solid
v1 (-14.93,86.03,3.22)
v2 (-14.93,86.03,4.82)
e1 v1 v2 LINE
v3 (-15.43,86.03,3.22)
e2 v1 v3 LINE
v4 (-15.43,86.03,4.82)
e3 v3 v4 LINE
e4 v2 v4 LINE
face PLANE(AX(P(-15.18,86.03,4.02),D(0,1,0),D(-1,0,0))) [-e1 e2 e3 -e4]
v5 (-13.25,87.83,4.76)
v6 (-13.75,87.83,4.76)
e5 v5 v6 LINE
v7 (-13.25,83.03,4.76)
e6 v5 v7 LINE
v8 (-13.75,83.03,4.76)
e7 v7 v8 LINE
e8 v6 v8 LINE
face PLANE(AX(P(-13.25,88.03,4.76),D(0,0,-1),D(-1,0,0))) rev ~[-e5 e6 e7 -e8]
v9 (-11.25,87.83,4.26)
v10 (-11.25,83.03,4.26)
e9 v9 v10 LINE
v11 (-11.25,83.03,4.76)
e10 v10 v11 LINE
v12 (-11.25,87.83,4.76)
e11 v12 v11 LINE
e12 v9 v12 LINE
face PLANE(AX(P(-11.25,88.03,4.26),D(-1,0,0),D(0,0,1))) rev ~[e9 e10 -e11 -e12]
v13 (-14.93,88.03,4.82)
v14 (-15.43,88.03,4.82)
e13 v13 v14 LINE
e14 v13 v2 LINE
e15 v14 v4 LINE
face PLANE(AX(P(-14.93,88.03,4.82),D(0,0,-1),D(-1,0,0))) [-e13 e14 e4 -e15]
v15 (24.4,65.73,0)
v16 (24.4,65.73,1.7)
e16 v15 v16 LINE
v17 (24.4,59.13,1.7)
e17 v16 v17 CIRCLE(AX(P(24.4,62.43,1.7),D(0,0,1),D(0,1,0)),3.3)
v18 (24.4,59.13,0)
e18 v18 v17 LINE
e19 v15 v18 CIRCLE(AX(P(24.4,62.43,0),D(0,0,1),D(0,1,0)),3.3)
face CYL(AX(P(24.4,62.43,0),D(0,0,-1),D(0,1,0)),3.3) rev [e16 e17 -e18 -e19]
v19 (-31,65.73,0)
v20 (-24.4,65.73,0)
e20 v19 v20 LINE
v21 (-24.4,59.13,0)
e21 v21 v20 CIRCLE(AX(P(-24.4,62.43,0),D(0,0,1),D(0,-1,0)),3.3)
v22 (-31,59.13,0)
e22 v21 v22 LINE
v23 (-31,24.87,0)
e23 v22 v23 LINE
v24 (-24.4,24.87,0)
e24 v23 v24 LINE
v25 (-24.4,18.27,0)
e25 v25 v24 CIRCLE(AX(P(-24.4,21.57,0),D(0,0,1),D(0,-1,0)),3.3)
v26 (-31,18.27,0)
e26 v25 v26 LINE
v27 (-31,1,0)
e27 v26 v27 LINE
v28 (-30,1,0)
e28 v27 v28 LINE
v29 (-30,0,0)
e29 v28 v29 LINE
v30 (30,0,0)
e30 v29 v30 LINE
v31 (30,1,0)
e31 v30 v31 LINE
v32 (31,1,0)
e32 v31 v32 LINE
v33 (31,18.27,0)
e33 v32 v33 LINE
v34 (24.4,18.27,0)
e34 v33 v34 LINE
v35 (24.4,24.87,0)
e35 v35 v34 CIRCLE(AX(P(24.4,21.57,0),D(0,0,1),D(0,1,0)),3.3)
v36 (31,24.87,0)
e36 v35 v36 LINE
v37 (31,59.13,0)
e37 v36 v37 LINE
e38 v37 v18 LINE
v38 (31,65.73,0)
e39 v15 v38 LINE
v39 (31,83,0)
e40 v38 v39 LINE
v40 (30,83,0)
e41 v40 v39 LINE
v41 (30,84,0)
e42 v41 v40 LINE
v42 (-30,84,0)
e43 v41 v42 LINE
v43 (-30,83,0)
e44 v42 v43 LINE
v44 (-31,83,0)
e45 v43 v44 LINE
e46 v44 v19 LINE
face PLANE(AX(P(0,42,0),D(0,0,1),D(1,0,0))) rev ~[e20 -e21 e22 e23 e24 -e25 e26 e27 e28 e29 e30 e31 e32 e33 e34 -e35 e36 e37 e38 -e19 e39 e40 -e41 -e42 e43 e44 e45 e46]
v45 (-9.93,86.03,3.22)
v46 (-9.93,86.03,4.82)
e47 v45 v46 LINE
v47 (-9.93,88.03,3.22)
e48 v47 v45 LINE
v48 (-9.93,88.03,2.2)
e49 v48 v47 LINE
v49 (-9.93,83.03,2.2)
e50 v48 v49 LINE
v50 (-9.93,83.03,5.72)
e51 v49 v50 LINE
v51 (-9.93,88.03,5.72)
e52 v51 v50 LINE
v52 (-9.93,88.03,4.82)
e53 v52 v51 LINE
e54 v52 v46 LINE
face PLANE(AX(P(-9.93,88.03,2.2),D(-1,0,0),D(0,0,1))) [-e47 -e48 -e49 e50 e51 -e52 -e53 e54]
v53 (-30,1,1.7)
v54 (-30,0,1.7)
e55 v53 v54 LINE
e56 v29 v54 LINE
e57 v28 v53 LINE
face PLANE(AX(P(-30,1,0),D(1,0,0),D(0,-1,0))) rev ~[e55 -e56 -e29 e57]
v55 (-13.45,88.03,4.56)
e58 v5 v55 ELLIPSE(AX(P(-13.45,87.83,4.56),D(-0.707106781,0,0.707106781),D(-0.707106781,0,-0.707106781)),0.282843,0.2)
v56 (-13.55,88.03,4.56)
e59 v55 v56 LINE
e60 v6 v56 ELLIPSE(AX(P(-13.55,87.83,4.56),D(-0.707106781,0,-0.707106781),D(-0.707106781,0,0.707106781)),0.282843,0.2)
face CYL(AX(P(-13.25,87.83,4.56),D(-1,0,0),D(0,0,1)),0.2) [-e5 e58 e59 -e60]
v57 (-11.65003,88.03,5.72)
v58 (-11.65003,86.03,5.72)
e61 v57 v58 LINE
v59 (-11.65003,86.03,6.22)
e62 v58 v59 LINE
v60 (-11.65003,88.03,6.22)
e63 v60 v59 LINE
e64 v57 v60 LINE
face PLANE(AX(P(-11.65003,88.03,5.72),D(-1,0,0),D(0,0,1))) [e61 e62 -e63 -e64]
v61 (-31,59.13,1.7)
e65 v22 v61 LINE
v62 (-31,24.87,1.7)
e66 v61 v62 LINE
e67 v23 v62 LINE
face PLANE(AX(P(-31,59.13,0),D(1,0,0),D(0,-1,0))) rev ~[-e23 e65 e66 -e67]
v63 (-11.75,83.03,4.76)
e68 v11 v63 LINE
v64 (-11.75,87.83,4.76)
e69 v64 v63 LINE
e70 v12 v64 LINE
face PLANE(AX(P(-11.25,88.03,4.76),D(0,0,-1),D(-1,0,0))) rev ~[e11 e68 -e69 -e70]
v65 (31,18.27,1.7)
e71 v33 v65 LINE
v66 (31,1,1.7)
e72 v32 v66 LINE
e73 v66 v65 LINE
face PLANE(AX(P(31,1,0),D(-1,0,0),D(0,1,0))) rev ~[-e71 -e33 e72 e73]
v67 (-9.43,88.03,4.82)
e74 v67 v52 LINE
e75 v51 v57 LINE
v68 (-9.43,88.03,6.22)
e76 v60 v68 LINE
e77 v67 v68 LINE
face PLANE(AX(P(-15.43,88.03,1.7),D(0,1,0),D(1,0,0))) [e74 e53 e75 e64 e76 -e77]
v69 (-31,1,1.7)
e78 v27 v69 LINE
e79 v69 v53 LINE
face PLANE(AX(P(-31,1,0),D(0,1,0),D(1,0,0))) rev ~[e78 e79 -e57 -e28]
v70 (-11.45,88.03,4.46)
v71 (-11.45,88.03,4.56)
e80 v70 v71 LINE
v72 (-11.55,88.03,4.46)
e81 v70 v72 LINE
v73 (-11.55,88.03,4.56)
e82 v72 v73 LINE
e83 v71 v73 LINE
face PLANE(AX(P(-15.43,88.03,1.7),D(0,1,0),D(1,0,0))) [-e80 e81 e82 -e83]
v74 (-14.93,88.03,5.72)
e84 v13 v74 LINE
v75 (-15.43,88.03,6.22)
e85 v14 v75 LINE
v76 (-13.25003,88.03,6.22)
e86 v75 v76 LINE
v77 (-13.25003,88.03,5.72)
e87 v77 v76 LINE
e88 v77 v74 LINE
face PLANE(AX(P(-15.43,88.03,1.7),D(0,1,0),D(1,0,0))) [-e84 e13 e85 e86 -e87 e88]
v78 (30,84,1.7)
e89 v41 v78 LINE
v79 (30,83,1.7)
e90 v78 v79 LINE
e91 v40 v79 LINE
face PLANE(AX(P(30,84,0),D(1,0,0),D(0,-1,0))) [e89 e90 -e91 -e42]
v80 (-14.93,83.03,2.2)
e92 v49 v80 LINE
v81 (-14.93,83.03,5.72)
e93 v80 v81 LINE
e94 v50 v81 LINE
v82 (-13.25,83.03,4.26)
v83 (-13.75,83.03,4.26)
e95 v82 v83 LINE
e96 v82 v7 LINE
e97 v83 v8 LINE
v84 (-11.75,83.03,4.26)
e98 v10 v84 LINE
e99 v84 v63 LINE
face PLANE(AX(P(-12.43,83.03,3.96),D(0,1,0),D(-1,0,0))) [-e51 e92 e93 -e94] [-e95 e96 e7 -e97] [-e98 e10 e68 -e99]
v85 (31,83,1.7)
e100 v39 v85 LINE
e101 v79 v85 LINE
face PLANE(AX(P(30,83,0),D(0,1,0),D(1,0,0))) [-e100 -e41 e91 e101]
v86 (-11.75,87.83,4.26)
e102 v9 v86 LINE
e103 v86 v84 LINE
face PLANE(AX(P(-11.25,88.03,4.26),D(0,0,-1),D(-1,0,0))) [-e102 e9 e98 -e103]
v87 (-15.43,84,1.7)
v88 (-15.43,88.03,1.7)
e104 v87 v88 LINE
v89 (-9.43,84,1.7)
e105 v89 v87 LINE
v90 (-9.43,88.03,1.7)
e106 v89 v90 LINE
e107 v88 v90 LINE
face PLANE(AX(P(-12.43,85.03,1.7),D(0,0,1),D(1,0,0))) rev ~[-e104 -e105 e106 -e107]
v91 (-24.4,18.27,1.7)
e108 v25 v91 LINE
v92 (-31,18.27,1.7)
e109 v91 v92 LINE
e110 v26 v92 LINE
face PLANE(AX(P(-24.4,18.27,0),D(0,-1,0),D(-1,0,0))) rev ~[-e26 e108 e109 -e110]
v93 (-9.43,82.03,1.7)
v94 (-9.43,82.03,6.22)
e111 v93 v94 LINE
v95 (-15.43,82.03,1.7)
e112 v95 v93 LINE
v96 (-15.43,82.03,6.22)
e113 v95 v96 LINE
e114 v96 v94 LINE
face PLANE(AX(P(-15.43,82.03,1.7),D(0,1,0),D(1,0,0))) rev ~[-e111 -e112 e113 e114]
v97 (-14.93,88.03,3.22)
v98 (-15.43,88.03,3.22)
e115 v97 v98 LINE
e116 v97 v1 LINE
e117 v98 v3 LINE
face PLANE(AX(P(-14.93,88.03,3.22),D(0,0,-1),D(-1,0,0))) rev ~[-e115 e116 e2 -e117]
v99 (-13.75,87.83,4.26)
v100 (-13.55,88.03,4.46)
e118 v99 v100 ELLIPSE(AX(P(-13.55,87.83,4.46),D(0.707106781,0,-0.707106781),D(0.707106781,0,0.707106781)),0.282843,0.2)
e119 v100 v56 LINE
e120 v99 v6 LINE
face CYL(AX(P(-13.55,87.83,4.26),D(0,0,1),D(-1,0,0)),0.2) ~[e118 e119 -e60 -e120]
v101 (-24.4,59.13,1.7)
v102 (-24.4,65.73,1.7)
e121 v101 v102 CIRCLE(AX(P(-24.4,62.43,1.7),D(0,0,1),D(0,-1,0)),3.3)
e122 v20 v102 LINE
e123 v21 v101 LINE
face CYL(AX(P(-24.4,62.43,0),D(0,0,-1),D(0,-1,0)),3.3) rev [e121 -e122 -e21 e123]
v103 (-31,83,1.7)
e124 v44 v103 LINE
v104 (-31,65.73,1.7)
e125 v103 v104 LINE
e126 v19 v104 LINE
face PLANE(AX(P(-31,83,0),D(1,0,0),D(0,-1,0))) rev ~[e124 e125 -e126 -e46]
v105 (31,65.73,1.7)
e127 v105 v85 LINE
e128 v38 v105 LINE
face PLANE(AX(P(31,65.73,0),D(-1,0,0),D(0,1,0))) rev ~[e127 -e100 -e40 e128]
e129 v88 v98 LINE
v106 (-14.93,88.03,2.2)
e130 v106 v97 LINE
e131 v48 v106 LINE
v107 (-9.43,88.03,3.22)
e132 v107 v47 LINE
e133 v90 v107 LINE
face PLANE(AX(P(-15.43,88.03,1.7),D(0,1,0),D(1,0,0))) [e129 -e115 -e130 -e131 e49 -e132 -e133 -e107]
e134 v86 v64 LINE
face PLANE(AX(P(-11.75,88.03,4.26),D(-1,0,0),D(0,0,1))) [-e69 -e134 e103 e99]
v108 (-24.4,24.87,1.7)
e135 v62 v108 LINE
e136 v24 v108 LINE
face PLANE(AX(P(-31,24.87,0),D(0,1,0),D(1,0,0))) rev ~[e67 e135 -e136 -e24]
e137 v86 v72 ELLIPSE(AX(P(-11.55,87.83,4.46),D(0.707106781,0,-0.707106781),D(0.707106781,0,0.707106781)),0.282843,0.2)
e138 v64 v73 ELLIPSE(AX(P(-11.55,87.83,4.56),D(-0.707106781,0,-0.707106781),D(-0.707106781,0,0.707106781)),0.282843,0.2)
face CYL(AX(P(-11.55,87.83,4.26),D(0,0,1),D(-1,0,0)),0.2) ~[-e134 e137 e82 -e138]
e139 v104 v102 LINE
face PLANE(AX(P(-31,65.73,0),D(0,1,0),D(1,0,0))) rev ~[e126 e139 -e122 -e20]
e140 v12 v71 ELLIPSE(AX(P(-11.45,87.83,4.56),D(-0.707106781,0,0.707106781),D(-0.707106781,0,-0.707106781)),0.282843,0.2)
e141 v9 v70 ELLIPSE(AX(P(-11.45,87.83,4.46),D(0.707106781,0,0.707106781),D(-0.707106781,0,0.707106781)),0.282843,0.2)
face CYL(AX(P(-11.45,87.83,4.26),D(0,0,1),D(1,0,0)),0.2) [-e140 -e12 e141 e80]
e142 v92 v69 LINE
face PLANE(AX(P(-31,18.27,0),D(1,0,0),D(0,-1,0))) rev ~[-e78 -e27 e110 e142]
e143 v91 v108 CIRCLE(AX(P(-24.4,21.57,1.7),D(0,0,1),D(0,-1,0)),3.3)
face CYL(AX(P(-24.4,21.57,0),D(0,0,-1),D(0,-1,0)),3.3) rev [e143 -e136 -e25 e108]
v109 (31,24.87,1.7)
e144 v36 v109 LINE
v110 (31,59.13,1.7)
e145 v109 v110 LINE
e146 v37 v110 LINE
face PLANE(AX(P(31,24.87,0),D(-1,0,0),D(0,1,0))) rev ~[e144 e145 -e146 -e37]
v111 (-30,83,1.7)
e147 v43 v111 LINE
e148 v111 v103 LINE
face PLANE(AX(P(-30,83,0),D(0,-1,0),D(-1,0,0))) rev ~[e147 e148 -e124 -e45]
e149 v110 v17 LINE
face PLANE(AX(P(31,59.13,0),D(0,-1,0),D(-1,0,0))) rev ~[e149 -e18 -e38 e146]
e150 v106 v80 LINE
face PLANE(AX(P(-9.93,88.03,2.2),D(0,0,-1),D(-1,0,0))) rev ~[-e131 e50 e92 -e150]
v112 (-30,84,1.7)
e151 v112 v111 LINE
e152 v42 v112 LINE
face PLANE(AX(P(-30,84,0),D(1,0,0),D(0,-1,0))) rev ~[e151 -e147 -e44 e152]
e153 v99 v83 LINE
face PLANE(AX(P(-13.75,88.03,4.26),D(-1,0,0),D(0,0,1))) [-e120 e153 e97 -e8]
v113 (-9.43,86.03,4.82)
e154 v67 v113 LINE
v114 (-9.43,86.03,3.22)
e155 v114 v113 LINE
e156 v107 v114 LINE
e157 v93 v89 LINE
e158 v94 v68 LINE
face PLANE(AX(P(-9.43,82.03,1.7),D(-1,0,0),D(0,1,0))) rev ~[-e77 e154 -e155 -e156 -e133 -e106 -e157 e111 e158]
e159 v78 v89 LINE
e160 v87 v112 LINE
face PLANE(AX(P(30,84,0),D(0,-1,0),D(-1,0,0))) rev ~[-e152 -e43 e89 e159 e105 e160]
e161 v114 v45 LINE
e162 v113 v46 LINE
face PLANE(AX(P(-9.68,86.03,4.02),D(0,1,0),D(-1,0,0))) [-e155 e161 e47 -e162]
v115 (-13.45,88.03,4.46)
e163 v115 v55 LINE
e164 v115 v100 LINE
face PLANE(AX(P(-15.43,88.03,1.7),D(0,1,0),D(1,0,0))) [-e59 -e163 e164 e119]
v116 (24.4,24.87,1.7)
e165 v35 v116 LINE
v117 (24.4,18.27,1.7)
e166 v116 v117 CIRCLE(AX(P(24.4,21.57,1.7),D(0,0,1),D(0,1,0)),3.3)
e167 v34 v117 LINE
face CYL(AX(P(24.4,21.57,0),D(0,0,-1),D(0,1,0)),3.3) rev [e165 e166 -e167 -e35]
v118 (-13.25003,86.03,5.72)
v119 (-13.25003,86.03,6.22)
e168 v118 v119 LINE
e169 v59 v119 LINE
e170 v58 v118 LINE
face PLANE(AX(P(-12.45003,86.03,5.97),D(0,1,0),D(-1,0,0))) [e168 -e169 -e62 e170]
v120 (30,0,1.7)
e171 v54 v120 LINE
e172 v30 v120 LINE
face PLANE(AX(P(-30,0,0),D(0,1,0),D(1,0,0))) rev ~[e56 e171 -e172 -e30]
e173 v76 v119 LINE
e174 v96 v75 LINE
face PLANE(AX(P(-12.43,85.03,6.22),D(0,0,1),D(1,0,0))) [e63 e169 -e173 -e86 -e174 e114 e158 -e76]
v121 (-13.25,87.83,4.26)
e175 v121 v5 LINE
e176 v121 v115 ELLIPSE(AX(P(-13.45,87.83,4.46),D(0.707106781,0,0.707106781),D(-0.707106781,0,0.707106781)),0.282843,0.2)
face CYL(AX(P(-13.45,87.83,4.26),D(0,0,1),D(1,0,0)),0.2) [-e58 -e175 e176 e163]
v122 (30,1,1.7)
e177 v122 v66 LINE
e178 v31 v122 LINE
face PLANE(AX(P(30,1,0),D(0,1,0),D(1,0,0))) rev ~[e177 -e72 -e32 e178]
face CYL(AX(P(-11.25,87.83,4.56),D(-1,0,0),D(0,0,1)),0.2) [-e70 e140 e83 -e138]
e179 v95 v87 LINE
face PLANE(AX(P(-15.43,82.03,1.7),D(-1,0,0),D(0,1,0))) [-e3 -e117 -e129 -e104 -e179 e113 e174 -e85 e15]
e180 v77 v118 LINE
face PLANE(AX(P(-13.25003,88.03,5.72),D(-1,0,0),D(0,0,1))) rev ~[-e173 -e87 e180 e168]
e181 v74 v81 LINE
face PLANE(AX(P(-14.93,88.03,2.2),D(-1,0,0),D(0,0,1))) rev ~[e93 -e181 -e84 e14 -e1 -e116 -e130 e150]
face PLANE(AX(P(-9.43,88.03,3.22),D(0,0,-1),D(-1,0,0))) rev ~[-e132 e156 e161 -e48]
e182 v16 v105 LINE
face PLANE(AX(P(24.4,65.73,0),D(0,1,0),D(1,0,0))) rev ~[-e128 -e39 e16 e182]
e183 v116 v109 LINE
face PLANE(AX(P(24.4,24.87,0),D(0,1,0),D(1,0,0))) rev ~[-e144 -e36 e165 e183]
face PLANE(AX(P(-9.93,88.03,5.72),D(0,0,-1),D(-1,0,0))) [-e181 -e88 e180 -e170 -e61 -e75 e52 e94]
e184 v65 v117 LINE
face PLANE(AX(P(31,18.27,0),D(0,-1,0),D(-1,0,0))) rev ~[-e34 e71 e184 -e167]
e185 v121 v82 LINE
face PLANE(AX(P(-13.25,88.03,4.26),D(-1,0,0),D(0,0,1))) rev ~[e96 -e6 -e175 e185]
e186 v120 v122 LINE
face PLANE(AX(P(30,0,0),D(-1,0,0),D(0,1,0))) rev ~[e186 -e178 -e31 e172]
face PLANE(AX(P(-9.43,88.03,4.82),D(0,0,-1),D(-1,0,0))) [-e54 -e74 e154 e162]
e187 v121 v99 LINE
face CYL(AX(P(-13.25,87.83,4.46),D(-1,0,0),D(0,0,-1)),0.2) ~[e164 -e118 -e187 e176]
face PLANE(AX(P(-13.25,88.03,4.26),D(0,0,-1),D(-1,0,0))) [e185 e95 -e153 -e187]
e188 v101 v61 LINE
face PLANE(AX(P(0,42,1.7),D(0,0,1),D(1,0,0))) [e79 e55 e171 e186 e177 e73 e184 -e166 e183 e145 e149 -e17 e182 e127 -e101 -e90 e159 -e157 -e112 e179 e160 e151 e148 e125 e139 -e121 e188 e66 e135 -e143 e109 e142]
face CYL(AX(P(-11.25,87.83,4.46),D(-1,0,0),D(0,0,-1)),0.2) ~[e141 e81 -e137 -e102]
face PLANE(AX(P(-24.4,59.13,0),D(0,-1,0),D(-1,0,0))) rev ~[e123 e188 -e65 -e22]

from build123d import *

# Parameters (mm, degrees)
PAD_DEPTH       = 1.7
SKETCH002_W     = 6
SKETCH002_H     = 6
PAD009_DEPTH    = 4.52
SKETCH022_W     = 5
SKETCH022_H     = 3.52
SKETCH022_W_2   = 0.5
SKETCH022_H_2   = 0.5
POCKET011_DEPTH = 5
SKETCH023_W     = 0.5
SKETCH023_H     = 1.6
SKETCH023_W_2   = 1.6
SKETCH023_H_2   = 0.5
POCKET012_DEPTH = 2
FILLET015_R     = 0.2


with BuildPart() as part:
    # Sketch → Pad (new body)
    with BuildSketch(Plane.XY):
        with BuildLine():
            Line((0, 0), (30, 0))
            Line((30, 0), (30, 1))
            Line((30, 1), (31, 1))
            Line((31, 1), (31, 18.27))
            Line((31, 18.27), (24.4, 18.27))
            ThreePointArc((24.4, 24.87), (21.1, 21.57), (24.4, 18.27))
            Line((24.4, 24.87), (31, 24.87))
            Line((31, 24.87), (31, 59.13))
            Line((31, 59.13), (24.4, 59.13))
            ThreePointArc((24.4, 65.73), (21.1, 62.43), (24.4, 59.13))
            Line((24.4, 65.73), (31, 65.73))
            Line((31, 65.73), (31, 83))
            Line((30, 83), (31, 83))
            Line((30, 84), (30, 83))
            Line((30, 84), (0, 84))
            Line((0, 84), (-30, 84))
            Line((-30, 84), (-30, 83))
            Line((-30, 83), (-31, 83))
            Line((-31, 83), (-31, 65.73))
            Line((-31, 65.73), (-24.4, 65.73))
            ThreePointArc((-24.4, 59.13), (-21.1, 62.43), (-24.4, 65.73))
            Line((-24.4, 59.13), (-31, 59.13))
            Line((-31, 59.13), (-31, 24.87))
            Line((-31, 24.87), (-24.4, 24.87))
            ThreePointArc((-24.4, 18.27), (-21.1, 21.57), (-24.4, 24.87))
            Line((-24.4, 18.27), (-31, 18.27))
            Line((-31, 18.27), (-31, 1))
            Line((-31, 1), (-30, 1))
            Line((-30, 1), (-30, 0))
            Line((-30, 0), (0, 0))
        make_face()
    extrude(amount=PAD_DEPTH)

    # Sketch002 → Pad009 (new body)
    with BuildSketch(Plane.XY.offset(1.7)):
        with Locations((-12.43, 85.03)):
            Rectangle(SKETCH002_W, SKETCH002_H)
    extrude(amount=PAD009_DEPTH)

    # Sketch022 → Pocket011 (cut)
    with BuildSketch(Plane(origin=(0, 88.03, 0), x_dir=(-1, 0, 0), z_dir=(0, 1, 0))):
        with Locations((12.43, 3.96)):
            Rectangle(SKETCH022_W, SKETCH022_H)
        with Locations((11.5, 4.51)):
            Rectangle(SKETCH022_W_2, SKETCH022_H_2, mode=Mode.SUBTRACT)
        with Locations((13.5, 4.51)):
            Rectangle(SKETCH022_W_2, SKETCH022_H_2, mode=Mode.SUBTRACT)
    extrude(amount=-POCKET011_DEPTH, mode=Mode.SUBTRACT)

    # Sketch023 → Pocket012 (cut)
    with BuildSketch(Plane(origin=(0, 88.03, 0), x_dir=(-1, 0, 0), z_dir=(0, 1, 0))):
        with Locations((9.68, 4.02)):
            Rectangle(SKETCH023_W, SKETCH023_H)
        with Locations((15.18, 4.02)):
            Rectangle(SKETCH023_W, SKETCH023_H)
        with Locations((12.45003, 5.97)):
            Rectangle(SKETCH023_W_2, SKETCH023_H_2)
    extrude(amount=-POCKET012_DEPTH, mode=Mode.SUBTRACT)

    # Fillet015
    fillet015_edges = [part.edges().sort_by_distance(p)[0] for p in [
        (-13.5, 88.03, 4.76),
        (-13.75, 88.03, 4.51),
        (-13.5, 88.03, 4.26),
        (-13.25, 88.03, 4.51),
        (-11.5, 88.03, 4.76),
        (-11.75, 88.03, 4.51),
        (-11.5, 88.03, 4.26),
        (-11.25, 88.03, 4.51),
    ]]
    fillet(fillet015_edges, radius=FILLET015_R)


solid = part.part
